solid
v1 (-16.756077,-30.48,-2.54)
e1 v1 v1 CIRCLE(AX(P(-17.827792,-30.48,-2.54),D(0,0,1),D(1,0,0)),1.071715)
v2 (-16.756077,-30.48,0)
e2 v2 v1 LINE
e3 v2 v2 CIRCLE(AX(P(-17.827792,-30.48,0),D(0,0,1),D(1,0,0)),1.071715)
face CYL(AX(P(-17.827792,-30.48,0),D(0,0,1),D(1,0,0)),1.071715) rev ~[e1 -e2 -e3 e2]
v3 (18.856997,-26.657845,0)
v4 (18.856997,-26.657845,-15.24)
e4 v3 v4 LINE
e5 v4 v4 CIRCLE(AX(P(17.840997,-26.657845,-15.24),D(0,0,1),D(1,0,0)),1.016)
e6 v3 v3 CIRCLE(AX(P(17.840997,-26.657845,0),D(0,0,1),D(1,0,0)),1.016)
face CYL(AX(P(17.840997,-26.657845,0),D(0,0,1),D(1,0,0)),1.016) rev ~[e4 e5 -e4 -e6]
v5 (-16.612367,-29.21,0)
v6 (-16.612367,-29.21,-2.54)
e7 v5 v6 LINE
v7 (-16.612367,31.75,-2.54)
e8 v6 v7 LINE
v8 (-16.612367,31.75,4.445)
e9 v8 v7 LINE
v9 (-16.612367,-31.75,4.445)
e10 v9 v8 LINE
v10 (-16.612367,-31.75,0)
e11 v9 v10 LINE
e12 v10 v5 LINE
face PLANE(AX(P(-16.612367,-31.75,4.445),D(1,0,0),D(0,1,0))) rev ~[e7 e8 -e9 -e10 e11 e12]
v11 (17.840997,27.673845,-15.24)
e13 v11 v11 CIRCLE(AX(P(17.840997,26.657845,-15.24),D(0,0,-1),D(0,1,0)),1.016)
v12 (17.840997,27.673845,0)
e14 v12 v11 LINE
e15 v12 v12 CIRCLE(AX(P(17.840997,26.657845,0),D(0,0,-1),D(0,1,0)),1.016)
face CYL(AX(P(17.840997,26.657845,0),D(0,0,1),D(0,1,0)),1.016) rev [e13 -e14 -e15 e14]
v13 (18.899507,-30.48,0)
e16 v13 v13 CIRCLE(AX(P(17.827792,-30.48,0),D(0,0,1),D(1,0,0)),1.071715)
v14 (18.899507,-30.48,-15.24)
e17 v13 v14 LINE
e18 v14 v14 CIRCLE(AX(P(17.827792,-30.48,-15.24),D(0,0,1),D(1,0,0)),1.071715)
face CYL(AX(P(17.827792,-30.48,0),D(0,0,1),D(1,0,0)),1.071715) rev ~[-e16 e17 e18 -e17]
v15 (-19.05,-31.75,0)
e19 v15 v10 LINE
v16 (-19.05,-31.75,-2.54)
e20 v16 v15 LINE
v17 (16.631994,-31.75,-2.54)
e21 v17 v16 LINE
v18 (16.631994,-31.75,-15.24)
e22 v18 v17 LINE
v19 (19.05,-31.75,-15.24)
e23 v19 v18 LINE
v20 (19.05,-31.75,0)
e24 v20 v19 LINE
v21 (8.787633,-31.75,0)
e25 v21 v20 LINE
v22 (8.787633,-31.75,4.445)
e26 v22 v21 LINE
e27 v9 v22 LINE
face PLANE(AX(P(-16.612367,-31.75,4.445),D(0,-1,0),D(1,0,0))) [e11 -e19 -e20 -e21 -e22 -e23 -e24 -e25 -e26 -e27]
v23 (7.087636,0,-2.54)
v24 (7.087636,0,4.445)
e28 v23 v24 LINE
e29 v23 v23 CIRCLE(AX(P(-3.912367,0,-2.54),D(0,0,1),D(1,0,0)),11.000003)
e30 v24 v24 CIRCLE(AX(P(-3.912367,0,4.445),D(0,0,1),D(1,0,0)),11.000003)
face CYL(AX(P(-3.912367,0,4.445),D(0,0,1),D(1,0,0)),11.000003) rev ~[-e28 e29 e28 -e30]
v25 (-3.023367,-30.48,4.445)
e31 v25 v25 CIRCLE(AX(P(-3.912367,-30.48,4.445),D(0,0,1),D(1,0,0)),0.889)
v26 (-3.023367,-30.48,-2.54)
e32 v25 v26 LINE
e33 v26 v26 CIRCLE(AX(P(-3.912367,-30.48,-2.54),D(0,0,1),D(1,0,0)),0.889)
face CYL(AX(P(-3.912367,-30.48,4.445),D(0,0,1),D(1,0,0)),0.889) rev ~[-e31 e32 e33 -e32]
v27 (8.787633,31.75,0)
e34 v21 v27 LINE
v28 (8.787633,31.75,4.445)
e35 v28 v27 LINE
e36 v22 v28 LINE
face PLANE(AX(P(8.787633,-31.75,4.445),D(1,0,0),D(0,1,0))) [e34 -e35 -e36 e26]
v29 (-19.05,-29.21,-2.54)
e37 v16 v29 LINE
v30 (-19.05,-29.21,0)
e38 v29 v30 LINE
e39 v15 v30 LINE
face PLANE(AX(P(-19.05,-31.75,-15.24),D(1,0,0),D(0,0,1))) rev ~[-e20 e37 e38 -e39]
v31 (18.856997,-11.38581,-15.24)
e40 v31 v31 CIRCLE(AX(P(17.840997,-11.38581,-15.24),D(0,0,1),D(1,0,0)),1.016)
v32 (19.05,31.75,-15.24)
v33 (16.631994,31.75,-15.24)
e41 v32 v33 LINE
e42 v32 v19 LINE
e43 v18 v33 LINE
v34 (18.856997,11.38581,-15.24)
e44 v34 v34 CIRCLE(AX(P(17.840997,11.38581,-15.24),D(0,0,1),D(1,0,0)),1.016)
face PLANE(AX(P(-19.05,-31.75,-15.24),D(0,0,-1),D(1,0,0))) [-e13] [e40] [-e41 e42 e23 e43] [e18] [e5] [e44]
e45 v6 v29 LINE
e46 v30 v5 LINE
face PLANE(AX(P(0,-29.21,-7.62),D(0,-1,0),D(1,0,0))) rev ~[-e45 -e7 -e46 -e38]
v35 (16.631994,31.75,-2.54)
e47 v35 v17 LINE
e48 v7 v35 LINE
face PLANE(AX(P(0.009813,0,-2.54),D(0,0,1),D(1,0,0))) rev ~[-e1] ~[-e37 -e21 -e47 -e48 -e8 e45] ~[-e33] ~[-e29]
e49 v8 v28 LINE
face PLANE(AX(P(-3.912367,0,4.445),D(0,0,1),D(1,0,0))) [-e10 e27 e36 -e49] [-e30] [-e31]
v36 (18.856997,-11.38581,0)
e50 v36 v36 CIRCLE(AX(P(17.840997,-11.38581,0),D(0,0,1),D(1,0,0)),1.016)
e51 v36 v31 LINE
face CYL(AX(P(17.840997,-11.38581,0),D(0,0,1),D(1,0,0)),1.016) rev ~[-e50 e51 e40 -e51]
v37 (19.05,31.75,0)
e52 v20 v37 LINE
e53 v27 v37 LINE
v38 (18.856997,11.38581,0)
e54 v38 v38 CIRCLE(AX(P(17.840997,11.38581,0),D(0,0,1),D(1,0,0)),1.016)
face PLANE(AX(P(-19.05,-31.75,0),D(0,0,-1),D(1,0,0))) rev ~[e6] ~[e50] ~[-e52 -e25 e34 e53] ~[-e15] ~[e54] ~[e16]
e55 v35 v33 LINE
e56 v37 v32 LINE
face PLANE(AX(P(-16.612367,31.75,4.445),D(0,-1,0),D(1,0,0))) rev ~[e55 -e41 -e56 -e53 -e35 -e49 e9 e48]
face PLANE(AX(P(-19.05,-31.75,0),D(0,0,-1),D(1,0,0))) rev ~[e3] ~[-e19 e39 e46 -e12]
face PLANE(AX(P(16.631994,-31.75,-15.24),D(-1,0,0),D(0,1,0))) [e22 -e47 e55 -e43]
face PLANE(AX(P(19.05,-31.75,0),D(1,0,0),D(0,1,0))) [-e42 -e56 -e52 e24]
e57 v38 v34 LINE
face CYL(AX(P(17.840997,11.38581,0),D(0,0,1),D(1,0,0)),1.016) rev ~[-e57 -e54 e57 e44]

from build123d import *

# Parameters (mm, degrees)
SKETCH1_R             = 1.016
BOSS_EXTRUDE1_DEPTH   = 15.24
BOSS_EXTRUDE1_2_DEPTH = 15.24
SKETCH2_W             = 33.244360662
SKETCH2_H             = 63.5
BOSS_EXTRUDE2_DEPTH   = 2.54
SKETCH3_W             = 38.1
SKETCH3_H             = 15.24
BOSS_EXTRUDE3_DEPTH   = 2.54
SKETCH4_R             = 1.016
CUT_EXTRUDE1_DEPTH    = 41.040262237
SKETCH5_R             = 1.071714946
CUT_EXTRUDE2_DEPTH    = 41.040262237
SKETCH6_R             = 11.0000034
CUT_EXTRUDE4_DEPTH    = 41.040262237
BOSS_EXTRUDE4_START   = 4.445
SKETCH7_W             = 25.4
SKETCH7_H             = 63.5
SKETCH7_R             = 11.0000034
BOSS_EXTRUDE4_DEPTH   = 4.445
SKETCH8_W             = 35.681993508
SKETCH8_H             = 2.54
CUT_EXTRUDE5_DEPTH    = 12.7
SKETCH9_R             = 0.889
CUT_EXTRUDE6_DEPTH    = 12.7


with BuildPart() as part:
    # Sketch1 → Boss-Extrude1 (new body)
    with BuildSketch(Plane.XY):
        Polygon((19.05, 0), (19.05, 31.75), (17.840996754, 31.75), (16.631993508, 31.75), (16.631993508, -31.75), (19.05, -31.75), align=None)
        with Locations((17.840996754, -26.657844962)):
            Circle(SKETCH1_R, mode=Mode.SUBTRACT)
        with Locations((17.840996754, -11.385809707)):
            Circle(SKETCH1_R, mode=Mode.SUBTRACT)
        with Locations((17.840996754, 11.385809707)):
            Circle(SKETCH1_R, mode=Mode.SUBTRACT)
        with BuildLine():
            ThreePointArc((17.840996754, 25.641844962), (16.824996754, 26.657844962), (17.840996754, 27.673844962))
            ThreePointArc((17.840996754, 27.673844962), (18.856996754, 26.657844962), (17.840996754, 25.641844962))
        make_face(mode=Mode.SUBTRACT)
    extrude(amount=-BOSS_EXTRUDE1_DEPTH)

    # Sketch2 → Boss-Extrude2 (add)
    with BuildSketch(Plane.XY):
        with Locations((0.009813177, 0)):
            Rectangle(SKETCH2_W, SKETCH2_H)
    extrude(amount=-BOSS_EXTRUDE2_DEPTH)

    # Sketch3 → Boss-Extrude3 (add)
    with BuildSketch(Plane.XZ.offset(31.75)):
        with Locations((0, -7.62)):
            Rectangle(SKETCH3_W, SKETCH3_H)
    extrude(amount=-BOSS_EXTRUDE3_DEPTH)

    # Sketch5 → Cut-Extrude2 (cut, through all)
    with BuildSketch(Plane.XY):
        with Locations((-17.827792249, -30.48)):
            Circle(SKETCH5_R)
        with Locations((17.827792249, -30.48)):
            Circle(SKETCH5_R)
    extrude(amount=-CUT_EXTRUDE2_DEPTH, mode=Mode.SUBTRACT)

    # Sketch6 → Cut-Extrude4 (cut, through all)
    with BuildSketch(Plane.XY):
        with Locations((-3.912367154, 0)):
            Circle(SKETCH6_R)
    extrude(amount=-CUT_EXTRUDE4_DEPTH, mode=Mode.SUBTRACT)

    # Sketch7 → Boss-Extrude4 (add)
    with BuildSketch(Plane.XY.offset(BOSS_EXTRUDE4_START)):
        with Locations((-3.912367154, 0)):
            Rectangle(SKETCH7_W, SKETCH7_H)
        with Locations((-3.912367154, 0)):
            Circle(SKETCH7_R, mode=Mode.SUBTRACT)
    extrude(amount=-BOSS_EXTRUDE4_DEPTH)

    # Sketch8 → Cut-Extrude5 (cut)
    with BuildSketch(Plane(origin=(0, 0, -15.24), x_dir=(-1, 0, 0), z_dir=(0, 0, -1))):
        with Locations((1.209003246, -30.48)):
            Rectangle(SKETCH8_W, SKETCH8_H)
    extrude(amount=-CUT_EXTRUDE5_DEPTH, mode=Mode.SUBTRACT)

    # Sketch9 → Cut-Extrude6 (cut)
    with BuildSketch(Plane.XY.offset(4.445)):
        with Locations((-3.912367154, -30.48)):
            Circle(SKETCH9_R)
    extrude(amount=-CUT_EXTRUDE6_DEPTH, mode=Mode.SUBTRACT)


with BuildPart() as body_2:
    # Sketch1 → Boss-Extrude1 2 (new body)
    with BuildSketch(Plane.XY):
        with Locations((-17.840996754, -26.657844962)):
            Circle(SKETCH1_R)
    extrude(amount=-BOSS_EXTRUDE1_2_DEPTH)

    # Sketch4 → Cut-Extrude1 (cut, through all)
    with BuildSketch(Plane.XY):
        with Locations((-17.840996754, -26.657844962)):
            Circle(SKETCH4_R)
    extrude(amount=-CUT_EXTRUDE1_DEPTH, mode=Mode.SUBTRACT)


solid = part.part
